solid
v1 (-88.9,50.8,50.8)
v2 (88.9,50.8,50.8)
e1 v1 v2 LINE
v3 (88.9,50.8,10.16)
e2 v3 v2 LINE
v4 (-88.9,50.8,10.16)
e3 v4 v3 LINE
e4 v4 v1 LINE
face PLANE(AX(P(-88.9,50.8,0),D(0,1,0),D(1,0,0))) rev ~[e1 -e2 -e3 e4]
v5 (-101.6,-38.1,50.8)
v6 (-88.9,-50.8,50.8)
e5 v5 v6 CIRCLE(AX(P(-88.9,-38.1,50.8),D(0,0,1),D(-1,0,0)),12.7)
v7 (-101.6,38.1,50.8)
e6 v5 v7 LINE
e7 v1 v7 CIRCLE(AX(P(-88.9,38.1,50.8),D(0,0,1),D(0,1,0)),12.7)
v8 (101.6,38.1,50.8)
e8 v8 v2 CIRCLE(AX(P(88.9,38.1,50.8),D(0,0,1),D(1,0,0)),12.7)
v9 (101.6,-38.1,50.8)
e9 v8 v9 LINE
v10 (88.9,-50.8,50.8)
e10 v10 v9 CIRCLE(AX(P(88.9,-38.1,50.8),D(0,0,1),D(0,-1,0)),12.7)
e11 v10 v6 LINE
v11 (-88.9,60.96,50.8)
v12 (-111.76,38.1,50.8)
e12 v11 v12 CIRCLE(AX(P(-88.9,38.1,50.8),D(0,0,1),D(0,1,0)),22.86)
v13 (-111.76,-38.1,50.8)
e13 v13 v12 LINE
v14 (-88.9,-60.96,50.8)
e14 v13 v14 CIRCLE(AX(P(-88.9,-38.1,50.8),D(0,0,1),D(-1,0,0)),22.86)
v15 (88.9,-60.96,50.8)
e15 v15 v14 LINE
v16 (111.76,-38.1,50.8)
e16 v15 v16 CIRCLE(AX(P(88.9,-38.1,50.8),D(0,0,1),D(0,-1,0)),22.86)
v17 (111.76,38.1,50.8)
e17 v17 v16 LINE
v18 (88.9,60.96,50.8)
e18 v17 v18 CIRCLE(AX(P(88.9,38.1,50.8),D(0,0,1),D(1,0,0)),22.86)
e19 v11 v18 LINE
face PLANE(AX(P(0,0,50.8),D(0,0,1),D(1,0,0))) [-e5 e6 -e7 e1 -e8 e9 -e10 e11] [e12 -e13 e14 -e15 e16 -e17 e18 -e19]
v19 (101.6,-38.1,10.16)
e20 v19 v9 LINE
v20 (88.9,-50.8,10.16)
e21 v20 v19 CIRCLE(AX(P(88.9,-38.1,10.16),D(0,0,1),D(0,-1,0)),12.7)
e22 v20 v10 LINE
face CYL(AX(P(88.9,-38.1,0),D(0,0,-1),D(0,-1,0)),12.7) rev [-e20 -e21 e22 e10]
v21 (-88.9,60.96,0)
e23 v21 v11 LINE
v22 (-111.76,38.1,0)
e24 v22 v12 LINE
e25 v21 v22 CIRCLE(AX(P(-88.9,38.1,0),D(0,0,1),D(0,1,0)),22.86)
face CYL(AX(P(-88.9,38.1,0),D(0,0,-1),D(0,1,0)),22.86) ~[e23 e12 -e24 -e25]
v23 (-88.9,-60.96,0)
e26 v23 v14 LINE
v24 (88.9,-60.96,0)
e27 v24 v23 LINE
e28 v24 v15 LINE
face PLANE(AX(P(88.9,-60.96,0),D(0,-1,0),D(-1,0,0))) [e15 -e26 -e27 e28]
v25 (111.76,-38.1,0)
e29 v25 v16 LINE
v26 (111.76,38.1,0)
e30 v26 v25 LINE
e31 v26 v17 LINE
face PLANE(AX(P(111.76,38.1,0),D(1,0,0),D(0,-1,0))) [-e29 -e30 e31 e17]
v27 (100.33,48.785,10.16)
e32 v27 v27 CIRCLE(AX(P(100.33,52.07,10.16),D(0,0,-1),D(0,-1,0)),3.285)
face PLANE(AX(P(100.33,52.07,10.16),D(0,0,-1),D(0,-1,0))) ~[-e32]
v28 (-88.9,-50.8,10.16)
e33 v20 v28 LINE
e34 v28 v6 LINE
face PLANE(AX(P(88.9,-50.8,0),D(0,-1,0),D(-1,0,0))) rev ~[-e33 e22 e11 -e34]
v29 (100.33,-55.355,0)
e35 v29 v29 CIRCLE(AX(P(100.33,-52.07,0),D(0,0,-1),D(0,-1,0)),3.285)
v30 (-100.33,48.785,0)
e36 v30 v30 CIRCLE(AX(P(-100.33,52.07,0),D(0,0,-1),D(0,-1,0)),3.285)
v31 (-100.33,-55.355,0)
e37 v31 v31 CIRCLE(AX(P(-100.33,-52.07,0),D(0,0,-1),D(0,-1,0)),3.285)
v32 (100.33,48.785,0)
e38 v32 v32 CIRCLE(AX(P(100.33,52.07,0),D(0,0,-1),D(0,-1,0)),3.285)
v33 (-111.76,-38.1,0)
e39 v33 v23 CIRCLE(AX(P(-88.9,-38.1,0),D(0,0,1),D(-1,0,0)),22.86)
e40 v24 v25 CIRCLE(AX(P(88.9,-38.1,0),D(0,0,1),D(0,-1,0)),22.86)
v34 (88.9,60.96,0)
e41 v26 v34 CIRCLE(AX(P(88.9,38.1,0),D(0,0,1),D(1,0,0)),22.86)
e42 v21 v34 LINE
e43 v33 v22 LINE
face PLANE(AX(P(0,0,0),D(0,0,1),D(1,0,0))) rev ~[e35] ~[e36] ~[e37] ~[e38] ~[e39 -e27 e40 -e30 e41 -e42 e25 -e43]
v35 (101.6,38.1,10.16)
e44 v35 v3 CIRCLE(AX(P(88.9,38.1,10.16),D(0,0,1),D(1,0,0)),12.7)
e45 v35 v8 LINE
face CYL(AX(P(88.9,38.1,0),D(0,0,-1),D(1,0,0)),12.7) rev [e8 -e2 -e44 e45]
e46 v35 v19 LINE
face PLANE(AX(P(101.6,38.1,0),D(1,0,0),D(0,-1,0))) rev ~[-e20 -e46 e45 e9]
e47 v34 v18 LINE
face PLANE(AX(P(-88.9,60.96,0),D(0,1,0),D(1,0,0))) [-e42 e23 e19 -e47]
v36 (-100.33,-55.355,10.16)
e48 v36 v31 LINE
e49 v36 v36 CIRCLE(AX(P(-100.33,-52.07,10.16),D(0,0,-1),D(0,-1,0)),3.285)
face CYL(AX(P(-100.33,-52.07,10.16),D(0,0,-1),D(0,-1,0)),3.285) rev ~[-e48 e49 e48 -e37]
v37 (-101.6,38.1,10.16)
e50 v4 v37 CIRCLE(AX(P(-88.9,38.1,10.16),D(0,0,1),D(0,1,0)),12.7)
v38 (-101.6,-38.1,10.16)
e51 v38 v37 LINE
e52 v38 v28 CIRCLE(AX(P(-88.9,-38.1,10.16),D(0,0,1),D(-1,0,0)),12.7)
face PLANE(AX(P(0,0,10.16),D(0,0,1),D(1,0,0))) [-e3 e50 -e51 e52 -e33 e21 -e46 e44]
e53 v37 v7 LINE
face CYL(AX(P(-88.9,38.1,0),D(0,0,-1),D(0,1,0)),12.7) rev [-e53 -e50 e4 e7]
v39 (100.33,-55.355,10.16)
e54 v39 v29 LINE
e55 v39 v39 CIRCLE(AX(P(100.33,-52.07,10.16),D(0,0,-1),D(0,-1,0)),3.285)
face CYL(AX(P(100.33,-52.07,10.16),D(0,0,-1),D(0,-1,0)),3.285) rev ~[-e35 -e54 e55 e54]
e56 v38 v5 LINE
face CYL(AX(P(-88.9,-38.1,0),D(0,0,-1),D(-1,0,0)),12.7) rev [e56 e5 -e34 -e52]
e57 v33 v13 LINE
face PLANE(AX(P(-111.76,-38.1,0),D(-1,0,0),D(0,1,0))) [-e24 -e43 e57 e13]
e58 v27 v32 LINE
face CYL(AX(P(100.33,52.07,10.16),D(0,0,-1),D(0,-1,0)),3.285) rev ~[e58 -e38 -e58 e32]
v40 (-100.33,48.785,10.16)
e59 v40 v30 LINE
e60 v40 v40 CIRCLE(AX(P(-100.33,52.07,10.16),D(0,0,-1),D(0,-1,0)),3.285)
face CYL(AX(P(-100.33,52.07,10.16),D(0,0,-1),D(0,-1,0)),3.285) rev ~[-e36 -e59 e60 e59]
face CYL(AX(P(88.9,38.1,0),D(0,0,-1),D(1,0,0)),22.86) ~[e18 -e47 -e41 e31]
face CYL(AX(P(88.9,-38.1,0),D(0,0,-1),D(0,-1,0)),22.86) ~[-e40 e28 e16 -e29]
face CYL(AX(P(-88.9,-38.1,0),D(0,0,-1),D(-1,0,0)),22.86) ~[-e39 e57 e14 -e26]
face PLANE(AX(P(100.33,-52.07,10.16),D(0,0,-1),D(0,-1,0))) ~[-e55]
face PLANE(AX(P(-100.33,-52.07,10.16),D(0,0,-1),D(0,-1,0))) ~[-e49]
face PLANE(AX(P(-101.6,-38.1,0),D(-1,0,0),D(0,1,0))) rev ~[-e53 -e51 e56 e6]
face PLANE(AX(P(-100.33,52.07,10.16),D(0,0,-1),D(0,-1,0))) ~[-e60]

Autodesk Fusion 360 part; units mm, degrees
sketch "Sketch1" plane through (0, 0, 0) normal (0, 0, 1) x (1, 0, 0) in component "Box"
  line L0 (88.9, -50.8) -> (-88.9, -50.8)
  line L1 (-101.6, -38.1) -> (-101.6, 38.1)
  line L2 (-88.9, 50.8) -> (88.9, 50.8)
  line L3 (101.6, 38.1) -> (101.6, -38.1)
  line L4 (101.6, -50.8) -> (-101.6, 50.8) construction
  line L5 (-101.6, -50.8) -> (101.6, 50.8) construction
  arc A0 (-88.9, 50.8) -> (-101.6, 38.1) centre (-88.9, 38.1) ccw
  arc A1 (101.6, 38.1) -> (88.9, 50.8) centre (88.9, 38.1) ccw
  arc A2 (88.9, -50.8) -> (101.6, -38.1) centre (88.9, -38.1) ccw
  arc A3 (-101.6, -38.1) -> (-88.9, -50.8) centre (-88.9, -38.1) ccw
  arc A4 (111.76, 38.1) -> (88.9, 60.96) centre (88.9, 38.1) ccw
  line L6 (-88.9, 60.96) -> (88.9, 60.96)
  arc A5 (-88.9, 60.96) -> (-111.76, 38.1) centre (-88.9, 38.1) ccw
  line L7 (-111.76, -38.1) -> (-111.76, 38.1)
  arc A6 (-111.76, -38.1) -> (-88.9, -60.96) centre (-88.9, -38.1) ccw
  line L8 (88.9, -60.96) -> (-88.9, -60.96)
  arc A7 (88.9, -60.96) -> (111.76, -38.1) centre (88.9, -38.1) ccw
  line L9 (111.76, 38.1) -> (111.76, -38.1)
  dimension "d1" = 203.2
  dimension "d2" = 101.6
  dimension "d3" = 12.7
  dimension "d4" = -10.16
extrude "Extrude1" add sketch "Sketch1" along normal blind 50.8 makes body 1 in component "Screew"
copy_body "CutPasteBodies1" bodies 1 removing the originals makes body 2 in component "Box"
extrude "Extrude1'" add sketch "Sketch1" along normal blind 10.16 contours L0 L1 L2 L3 A0 A1 A2 A3 bodies 2 in component "Box"
sketch "Sketch1 (1)" plane through (0, 0, 10.16) normal (0, 0, 1) x (-1, 0, 0) in component "Box"
  arc A0 (88.9, -50.8) -> (101.6, -38.1) centre (88.9, -38.1) ccw
  line L0 (101.6, -38.1) -> (101.6, 38.1)
  arc A1 (101.6, 38.1) -> (88.9, 50.8) centre (88.9, 38.1) ccw
  line L1 (88.9, 50.8) -> (-88.9, 50.8)
  arc A2 (-88.9, 50.8) -> (-101.6, 38.1) centre (-88.9, 38.1) ccw
  line L2 (-101.6, 38.1) -> (-101.6, -38.1)
  arc A3 (-101.6, -38.1) -> (-88.9, -50.8) centre (-88.9, -38.1) ccw
  line L3 (-88.9, -50.8) -> (88.9, -50.8)
  line L4 (100.33, 52.07) -> (-100.33, 52.07)
  line L5 (-100.33, 52.07) -> (-100.33, -52.07)
  line L6 (-100.33, -52.07) -> (100.33, -52.07)
  line L7 (100.33, -52.07) -> (100.33, 52.07)
  line L8 (100.33, 52.07) -> (-100.33, -52.07) construction
  line L9 (-100.33, 52.07) -> (100.33, -52.07) construction
  dimension "d9" = 200.66
  dimension "d10" = 104.14
hole "Hole1" at (100.33, 52.07, 10.16) at (100.33, -52.07, 10.16) at (-100.33, -52.07, 10.16) at (-100.33, 52.07, 10.16) direction (0, 0, -1) diameter 6.57 depth 25.4 tip angle 118 bodies 2 in component "Box"
component "Lid" placed x (1, 0, 0) y (0, 1, 0) z (0, 0, 1) at (0, 0, 0)
component "Box" placed x (1, 0, 0) y (0, 1, 0) z (0, 0, 1) at (0, 0, 0)
component "Screew" placed x (1, 0, 0) y (0, 1, 0) z (0, 0, 1) at (0, 0, 0)
